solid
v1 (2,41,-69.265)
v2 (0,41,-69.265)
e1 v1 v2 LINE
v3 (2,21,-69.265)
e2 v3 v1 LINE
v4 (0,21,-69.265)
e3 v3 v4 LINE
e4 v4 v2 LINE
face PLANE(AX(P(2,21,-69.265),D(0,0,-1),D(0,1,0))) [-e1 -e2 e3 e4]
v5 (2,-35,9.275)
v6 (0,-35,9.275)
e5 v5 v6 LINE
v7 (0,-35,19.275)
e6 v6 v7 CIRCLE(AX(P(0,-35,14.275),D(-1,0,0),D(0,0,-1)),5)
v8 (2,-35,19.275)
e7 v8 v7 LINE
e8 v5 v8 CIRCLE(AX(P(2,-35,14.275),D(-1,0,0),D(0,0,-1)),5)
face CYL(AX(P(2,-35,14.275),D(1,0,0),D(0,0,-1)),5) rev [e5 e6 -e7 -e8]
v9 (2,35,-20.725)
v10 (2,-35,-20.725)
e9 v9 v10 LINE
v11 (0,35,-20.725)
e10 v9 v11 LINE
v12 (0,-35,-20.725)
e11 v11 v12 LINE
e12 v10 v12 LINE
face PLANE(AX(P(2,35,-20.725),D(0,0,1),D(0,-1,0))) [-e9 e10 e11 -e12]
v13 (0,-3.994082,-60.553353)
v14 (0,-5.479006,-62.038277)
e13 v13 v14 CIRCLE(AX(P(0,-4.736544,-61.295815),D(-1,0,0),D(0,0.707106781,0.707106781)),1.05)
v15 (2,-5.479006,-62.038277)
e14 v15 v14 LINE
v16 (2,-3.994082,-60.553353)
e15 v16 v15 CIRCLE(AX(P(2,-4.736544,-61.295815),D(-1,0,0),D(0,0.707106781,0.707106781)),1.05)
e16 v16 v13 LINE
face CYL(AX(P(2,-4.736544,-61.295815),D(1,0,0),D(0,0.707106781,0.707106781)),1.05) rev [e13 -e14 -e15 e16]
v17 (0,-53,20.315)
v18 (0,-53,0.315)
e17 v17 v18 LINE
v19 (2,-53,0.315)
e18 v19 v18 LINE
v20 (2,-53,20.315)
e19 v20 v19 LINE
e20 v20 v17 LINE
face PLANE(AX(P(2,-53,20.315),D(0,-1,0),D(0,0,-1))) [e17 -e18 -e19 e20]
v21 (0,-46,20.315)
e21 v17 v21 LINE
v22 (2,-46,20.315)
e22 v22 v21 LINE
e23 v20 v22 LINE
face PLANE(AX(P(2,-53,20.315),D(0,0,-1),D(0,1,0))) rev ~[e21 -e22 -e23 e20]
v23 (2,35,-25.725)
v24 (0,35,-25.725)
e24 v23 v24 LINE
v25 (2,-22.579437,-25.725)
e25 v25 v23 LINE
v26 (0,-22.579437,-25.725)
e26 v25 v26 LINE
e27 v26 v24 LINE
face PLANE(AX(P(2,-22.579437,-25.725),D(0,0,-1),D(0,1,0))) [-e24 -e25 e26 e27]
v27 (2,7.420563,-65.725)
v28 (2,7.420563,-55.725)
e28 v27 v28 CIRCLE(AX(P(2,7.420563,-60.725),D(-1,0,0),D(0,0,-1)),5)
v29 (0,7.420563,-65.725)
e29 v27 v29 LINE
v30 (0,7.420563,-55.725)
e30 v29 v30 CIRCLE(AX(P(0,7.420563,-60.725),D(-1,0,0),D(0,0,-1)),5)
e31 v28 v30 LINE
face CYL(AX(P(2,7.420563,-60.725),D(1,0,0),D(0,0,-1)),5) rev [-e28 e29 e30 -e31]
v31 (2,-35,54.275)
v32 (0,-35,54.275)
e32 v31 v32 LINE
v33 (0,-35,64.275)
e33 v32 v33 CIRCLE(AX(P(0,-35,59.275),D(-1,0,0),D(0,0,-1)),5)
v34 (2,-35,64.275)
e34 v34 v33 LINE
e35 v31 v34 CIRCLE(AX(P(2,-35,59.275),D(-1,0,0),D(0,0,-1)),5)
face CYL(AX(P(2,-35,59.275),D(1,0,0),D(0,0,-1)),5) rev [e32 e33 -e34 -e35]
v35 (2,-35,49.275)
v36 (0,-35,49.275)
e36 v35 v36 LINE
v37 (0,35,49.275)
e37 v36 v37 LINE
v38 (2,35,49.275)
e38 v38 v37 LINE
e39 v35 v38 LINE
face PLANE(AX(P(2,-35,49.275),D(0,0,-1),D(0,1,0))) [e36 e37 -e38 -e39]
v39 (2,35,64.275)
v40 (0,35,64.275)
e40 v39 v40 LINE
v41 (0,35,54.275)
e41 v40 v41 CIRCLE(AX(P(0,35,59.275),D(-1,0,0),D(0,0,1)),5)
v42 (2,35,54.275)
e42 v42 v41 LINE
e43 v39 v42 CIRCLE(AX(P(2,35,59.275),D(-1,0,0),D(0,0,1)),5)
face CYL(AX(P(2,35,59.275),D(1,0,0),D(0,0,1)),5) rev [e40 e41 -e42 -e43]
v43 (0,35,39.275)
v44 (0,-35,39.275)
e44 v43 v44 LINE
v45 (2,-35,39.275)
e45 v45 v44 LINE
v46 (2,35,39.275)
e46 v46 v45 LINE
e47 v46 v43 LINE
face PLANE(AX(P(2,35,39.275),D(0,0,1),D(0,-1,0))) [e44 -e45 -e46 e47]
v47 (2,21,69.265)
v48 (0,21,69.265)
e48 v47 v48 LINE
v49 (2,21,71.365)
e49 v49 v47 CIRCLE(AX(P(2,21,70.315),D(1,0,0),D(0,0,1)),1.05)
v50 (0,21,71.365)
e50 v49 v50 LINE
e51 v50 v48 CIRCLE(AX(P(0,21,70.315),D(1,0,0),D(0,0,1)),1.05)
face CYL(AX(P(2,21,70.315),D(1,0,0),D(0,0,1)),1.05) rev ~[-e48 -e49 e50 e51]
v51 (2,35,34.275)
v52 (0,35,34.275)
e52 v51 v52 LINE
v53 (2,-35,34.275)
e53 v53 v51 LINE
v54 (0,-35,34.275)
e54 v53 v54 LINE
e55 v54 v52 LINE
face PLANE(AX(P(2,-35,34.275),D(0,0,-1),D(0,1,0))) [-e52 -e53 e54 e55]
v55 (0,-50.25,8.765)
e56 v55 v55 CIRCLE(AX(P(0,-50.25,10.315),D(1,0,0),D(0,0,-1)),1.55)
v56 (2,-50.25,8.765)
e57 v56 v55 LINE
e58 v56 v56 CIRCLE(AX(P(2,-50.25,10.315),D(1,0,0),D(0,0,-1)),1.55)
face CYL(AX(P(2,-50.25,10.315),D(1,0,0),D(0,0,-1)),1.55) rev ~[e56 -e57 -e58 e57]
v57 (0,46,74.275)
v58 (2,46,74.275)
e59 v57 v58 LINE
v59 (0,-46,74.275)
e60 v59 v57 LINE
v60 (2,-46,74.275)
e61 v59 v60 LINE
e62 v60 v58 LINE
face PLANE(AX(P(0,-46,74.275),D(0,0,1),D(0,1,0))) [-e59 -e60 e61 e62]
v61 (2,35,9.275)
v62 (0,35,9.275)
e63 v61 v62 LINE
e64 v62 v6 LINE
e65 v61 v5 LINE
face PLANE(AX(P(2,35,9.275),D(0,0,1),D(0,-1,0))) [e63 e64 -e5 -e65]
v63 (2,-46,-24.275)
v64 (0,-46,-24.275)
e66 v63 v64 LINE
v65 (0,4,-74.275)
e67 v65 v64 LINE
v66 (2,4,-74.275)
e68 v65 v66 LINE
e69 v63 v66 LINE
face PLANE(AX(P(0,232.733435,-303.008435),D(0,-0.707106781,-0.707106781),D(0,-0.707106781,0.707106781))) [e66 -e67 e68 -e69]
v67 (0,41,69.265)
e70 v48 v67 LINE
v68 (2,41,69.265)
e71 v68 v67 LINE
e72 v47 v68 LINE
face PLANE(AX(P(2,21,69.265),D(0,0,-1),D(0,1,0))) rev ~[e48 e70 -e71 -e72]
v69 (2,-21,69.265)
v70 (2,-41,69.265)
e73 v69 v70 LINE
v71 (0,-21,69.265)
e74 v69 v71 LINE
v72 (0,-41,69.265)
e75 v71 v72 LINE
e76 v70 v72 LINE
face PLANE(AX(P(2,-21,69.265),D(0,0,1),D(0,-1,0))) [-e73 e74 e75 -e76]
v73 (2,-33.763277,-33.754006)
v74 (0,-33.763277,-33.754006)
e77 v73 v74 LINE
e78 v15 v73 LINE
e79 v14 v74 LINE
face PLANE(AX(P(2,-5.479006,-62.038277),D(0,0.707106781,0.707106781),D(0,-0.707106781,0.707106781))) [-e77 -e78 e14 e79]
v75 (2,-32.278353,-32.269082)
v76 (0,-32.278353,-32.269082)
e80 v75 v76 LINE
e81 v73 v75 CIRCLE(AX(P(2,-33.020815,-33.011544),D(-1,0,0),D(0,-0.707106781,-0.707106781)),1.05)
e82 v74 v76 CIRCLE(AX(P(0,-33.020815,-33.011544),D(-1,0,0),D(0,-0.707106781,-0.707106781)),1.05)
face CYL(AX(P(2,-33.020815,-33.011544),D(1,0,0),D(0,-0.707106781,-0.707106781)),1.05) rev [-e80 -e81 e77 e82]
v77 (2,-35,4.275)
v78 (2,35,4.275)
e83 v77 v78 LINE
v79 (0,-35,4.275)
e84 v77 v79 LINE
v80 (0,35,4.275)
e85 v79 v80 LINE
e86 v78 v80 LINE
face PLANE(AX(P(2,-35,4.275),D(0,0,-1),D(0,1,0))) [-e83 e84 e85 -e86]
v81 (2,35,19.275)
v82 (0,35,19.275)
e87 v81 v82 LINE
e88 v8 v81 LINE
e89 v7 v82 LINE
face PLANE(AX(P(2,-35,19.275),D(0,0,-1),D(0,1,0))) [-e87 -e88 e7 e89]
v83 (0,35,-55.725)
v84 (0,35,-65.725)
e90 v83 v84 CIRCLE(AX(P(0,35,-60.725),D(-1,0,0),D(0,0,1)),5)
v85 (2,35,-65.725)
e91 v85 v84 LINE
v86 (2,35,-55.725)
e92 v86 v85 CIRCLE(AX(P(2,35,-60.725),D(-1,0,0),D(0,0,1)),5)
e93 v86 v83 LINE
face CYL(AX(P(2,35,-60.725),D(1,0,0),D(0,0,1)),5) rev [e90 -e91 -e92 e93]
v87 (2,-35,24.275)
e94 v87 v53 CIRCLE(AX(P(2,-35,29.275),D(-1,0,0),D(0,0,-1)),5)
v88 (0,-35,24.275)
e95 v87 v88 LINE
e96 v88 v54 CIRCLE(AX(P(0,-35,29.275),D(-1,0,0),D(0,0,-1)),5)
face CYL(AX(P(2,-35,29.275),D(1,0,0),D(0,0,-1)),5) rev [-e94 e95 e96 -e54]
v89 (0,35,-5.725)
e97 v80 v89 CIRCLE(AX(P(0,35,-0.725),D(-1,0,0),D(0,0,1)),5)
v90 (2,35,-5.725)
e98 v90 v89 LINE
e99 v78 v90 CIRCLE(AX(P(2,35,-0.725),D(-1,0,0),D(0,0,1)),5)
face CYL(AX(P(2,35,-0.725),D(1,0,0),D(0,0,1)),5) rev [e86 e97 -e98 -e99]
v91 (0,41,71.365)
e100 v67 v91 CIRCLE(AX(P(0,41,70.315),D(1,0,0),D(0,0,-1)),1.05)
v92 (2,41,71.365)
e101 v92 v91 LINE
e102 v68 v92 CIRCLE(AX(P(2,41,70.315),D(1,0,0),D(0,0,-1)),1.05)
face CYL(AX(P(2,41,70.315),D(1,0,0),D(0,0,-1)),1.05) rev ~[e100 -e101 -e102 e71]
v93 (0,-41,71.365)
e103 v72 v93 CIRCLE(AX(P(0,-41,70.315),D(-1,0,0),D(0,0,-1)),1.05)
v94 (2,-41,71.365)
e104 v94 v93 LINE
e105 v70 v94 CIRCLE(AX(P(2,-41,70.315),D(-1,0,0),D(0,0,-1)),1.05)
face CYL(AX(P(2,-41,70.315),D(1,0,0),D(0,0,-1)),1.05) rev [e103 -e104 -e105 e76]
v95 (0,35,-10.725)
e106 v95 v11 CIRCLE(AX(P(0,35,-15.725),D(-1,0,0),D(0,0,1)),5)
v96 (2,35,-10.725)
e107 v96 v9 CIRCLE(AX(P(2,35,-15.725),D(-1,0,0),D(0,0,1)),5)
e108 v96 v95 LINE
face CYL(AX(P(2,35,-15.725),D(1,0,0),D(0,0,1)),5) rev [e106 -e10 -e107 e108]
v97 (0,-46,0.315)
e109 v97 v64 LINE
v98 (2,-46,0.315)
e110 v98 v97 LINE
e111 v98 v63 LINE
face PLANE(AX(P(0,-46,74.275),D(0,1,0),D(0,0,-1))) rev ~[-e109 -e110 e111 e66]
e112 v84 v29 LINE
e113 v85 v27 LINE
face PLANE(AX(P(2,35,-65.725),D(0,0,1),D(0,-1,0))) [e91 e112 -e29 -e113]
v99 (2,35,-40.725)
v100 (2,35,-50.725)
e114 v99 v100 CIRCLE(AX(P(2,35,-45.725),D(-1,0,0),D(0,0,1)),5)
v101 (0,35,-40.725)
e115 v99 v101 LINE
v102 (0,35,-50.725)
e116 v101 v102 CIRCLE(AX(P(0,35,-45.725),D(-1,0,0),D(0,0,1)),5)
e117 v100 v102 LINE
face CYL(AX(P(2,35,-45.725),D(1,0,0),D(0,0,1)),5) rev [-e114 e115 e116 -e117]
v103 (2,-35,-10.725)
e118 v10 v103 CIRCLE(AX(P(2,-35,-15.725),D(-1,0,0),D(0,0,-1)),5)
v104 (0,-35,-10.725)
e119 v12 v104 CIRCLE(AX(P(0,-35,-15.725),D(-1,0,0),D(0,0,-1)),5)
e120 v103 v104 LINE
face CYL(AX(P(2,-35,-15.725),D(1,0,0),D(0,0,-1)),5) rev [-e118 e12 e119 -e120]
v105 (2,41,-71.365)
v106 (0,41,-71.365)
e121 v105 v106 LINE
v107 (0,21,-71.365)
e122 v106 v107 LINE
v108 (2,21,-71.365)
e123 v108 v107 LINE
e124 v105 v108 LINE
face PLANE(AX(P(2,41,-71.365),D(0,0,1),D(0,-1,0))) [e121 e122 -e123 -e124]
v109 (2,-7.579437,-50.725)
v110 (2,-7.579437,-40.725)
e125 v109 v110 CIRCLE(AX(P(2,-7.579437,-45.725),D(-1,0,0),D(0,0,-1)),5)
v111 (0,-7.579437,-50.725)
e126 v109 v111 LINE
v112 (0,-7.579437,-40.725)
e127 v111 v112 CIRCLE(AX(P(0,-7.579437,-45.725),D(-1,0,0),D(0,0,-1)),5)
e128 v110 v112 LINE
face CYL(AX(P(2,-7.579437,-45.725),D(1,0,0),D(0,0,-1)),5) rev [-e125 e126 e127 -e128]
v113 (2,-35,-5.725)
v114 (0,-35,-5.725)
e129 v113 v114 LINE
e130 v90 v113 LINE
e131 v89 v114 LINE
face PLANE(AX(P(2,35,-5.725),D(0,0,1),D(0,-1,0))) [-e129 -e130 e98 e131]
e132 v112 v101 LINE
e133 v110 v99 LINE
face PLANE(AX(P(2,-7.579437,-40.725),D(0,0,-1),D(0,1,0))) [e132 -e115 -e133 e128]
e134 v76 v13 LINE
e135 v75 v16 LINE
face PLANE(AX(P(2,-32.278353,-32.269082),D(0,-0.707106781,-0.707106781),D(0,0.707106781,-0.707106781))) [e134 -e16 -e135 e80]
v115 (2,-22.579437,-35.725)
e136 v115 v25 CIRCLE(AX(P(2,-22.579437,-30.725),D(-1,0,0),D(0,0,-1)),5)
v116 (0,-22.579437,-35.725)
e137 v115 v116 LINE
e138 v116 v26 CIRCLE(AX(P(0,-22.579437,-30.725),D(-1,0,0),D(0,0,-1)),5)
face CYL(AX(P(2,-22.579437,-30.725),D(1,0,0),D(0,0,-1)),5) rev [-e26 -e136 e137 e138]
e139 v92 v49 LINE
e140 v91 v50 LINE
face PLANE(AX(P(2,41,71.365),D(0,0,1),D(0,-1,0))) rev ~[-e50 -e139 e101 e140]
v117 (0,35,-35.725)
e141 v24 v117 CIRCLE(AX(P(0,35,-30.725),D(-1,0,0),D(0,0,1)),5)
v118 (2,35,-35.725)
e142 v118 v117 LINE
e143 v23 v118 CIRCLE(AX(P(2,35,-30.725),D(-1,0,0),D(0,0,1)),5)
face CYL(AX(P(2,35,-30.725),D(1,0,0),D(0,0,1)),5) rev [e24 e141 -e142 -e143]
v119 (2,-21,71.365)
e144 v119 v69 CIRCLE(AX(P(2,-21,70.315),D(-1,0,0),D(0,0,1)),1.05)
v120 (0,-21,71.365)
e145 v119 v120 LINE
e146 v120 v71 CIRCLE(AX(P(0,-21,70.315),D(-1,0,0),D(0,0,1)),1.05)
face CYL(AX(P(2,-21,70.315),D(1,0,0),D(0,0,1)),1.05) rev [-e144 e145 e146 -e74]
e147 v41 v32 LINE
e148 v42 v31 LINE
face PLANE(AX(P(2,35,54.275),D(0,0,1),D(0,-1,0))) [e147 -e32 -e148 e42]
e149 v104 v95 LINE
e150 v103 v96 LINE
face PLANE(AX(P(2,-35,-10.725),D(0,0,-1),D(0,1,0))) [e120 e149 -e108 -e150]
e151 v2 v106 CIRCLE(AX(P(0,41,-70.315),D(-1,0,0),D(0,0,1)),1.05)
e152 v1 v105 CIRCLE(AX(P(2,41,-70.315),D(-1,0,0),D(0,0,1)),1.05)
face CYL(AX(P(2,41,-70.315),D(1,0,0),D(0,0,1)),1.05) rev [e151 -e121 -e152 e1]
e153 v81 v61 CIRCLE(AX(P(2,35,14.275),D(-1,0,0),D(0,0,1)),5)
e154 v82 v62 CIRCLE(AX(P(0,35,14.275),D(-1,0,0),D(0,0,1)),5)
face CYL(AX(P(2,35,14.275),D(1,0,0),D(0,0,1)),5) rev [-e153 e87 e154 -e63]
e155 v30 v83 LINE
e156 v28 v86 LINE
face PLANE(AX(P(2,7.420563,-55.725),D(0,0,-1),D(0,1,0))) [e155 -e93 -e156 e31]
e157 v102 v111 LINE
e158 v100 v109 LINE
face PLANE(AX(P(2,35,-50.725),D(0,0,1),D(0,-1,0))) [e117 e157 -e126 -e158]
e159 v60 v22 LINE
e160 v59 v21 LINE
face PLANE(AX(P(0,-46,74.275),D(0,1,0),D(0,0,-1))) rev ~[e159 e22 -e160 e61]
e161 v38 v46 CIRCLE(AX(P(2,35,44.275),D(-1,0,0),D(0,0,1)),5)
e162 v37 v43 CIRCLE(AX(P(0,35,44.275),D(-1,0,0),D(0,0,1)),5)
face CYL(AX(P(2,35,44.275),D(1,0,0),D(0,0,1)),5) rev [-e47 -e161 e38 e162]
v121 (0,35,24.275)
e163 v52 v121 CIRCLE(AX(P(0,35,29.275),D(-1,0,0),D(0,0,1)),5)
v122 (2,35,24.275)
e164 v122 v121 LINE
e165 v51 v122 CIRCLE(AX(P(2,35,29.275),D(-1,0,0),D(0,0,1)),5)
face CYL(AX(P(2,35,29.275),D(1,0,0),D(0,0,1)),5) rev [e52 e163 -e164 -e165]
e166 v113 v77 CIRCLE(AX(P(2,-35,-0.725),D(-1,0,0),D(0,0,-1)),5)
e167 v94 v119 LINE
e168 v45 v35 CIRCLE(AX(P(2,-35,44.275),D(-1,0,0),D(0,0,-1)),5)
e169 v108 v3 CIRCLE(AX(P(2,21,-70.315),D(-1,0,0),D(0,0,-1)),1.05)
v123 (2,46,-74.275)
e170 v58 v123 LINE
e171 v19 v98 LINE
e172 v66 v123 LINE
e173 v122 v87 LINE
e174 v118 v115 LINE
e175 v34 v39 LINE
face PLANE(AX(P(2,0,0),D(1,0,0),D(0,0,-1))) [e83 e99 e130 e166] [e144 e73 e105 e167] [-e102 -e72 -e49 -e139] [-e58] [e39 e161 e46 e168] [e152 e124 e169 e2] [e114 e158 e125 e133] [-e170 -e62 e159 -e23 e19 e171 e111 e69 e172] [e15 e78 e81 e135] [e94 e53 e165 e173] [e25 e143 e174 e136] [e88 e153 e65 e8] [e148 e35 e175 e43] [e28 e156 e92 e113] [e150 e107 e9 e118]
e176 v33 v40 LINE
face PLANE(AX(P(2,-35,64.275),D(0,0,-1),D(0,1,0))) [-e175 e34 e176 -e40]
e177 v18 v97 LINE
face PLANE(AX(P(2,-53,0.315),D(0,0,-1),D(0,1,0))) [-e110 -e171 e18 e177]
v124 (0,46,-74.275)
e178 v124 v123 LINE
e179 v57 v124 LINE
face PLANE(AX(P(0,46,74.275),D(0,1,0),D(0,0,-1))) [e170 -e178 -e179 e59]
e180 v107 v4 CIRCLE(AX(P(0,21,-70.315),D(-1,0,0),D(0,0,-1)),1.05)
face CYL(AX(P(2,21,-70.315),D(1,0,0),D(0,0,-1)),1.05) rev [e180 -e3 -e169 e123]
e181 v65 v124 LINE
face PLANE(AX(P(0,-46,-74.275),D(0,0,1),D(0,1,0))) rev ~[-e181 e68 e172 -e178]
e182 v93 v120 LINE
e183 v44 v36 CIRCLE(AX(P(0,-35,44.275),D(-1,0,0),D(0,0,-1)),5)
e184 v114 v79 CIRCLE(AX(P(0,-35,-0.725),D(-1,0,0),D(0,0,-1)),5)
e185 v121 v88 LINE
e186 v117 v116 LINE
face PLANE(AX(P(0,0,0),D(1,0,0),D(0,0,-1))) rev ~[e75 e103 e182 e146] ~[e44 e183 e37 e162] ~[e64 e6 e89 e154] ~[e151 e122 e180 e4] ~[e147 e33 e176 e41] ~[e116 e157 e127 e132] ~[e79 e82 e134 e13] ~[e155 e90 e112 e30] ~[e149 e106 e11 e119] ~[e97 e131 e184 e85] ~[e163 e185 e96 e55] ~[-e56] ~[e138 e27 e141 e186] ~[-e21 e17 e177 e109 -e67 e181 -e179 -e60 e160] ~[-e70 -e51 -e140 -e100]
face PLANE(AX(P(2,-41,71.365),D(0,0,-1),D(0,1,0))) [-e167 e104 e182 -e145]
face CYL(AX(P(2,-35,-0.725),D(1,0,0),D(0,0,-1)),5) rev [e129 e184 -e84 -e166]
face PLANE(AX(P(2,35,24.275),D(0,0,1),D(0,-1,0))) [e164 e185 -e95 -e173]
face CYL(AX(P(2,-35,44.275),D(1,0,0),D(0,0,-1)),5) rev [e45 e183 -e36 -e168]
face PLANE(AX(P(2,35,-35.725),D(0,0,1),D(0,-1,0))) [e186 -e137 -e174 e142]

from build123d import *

# Parameters (mm, degrees)
SKETCH_2_W               = 148.55
SKETCH_2_H               = 92
EXTRUDE_1_DEPTH          = 2
CUT_EXTRUDE_1_DEPTH      = 88.388647003
CUT_EXTRUDE_1_DEPTH_BACK = 2
CUT_EXTRUDE_2_DEPTH      = 2
SKETCH_5_W               = 20
SKETCH_5_H               = 7
SKETCH_5_R               = 1.55
EXTRUDE_2_DEPTH          = 2
CUT_EXTRUDE_3_DEPTH      = 2
CUT_EXTRUDE_5_DEPTH      = 2


with BuildPart() as part:
    # 草图2 → 凸台-拉伸1 (new body)
    with BuildSketch(Plane(origin=(0, 0, 0), x_dir=(0, 0, -1), z_dir=(1, 0, 0))):
        Rectangle(SKETCH_2_W, SKETCH_2_H)
    extrude(amount=EXTRUDE_1_DEPTH)

    # 草图3 → 切除-拉伸1 (cut, two sides: drawn at the far end of the back side and taken through both)
    with BuildSketch(Plane(origin=(2, 0, 0), x_dir=(0, 0, -1), z_dir=(1, 0, 0)).offset(-CUT_EXTRUDE_1_DEPTH_BACK)):
        Polygon((-204.458434938, -274.733434938), (24.275, -46), (74.275, 4), (303.008434938, 232.733434938), (760.475304814, -224.733434938), (253.008434938, -732.200304814), align=None)
    extrude(amount=CUT_EXTRUDE_1_DEPTH + CUT_EXTRUDE_1_DEPTH_BACK, mode=Mode.SUBTRACT)

    # 草图4 → 切除-拉伸2 (cut)
    with BuildSketch(Plane(origin=(2, 0, 0), x_dir=(0, 0, -1), z_dir=(1, 0, 0))):
        with BuildLine():
            Line((-71.365, -41), (-71.365, -21))
            ThreePointArc((-71.365, -21), (-70.315, -19.95), (-69.265, -21))
            Line((-69.265, -21), (-69.265, -41))
            ThreePointArc((-69.265, -41), (-70.315, -42.05), (-71.365, -41))
        make_face()
        with BuildLine():
            Line((-71.365, 41), (-71.365, 21))
            ThreePointArc((-71.365, 21), (-70.315, 19.95), (-69.265, 21))
            Line((-69.265, 21), (-69.265, 41))
            ThreePointArc((-69.265, 41), (-70.315, 42.05), (-71.365, 41))
        make_face()
        with BuildLine():
            Line((71.365, 41), (71.365, 21))
            ThreePointArc((71.365, 21), (70.315, 19.95), (69.265, 21))
            Line((69.265, 21), (69.265, 41))
            ThreePointArc((69.265, 41), (70.315, 42.05), (71.365, 41))
        make_face()
    extrude(amount=-CUT_EXTRUDE_2_DEPTH, mode=Mode.SUBTRACT)

    # 草图5 → 凸台-拉伸2 (add)
    with BuildSketch(Plane(origin=(2, 0, 0), x_dir=(0, 0, -1), z_dir=(1, 0, 0))):
        with Locations((-10.315, -49.5)):
            Rectangle(SKETCH_5_W, SKETCH_5_H)
        with Locations((-10.315, -50.25)):
            Circle(SKETCH_5_R, mode=Mode.SUBTRACT)
    extrude(amount=-EXTRUDE_2_DEPTH)

    # 草图6 → 切除-拉伸3 (cut)
    with BuildSketch(Plane(origin=(2, 0, 0), x_dir=(0, 0, -1), z_dir=(1, 0, 0))):
        with BuildLine():
            Line((-64.275, -35), (-64.275, 35))
            ThreePointArc((-64.275, 35), (-59.275, 40), (-54.275, 35))
            Line((-54.275, 35), (-54.275, -35))
            ThreePointArc((-54.275, -35), (-59.275, -40), (-64.275, -35))
        make_face()
        with BuildLine():
            Line((-49.275, -35), (-49.275, 35))
            ThreePointArc((-49.275, 35), (-44.275, 40), (-39.275, 35))
            Line((-39.275, 35), (-39.275, -35))
            ThreePointArc((-39.275, -35), (-44.275, -40), (-49.275, -35))
        make_face()
        with BuildLine():
            Line((-34.275, -35), (-34.275, 35))
            ThreePointArc((-34.275, 35), (-29.275, 40), (-24.275, 35))
            Line((-24.275, 35), (-24.275, -35))
            ThreePointArc((-24.275, -35), (-29.275, -40), (-34.275, -35))
        make_face()
        with BuildLine():
            Line((-19.275, -35), (-19.275, 35))
            ThreePointArc((-19.275, 35), (-14.275, 40), (-9.275, 35))
            Line((-9.275, 35), (-9.275, -35))
            ThreePointArc((-9.275, -35), (-14.275, -40), (-19.275, -35))
        make_face()
        with BuildLine():
            Line((-4.275, -35), (-4.275, 35))
            ThreePointArc((-4.275, 35), (0.725, 40), (5.725, 35))
            Line((5.725, 35), (5.725, -35))
            ThreePointArc((5.725, -35), (0.725, -40), (-4.275, -35))
        make_face()
        with BuildLine():
            Line((10.725, -35), (10.725, 35))
            ThreePointArc((10.725, 35), (15.725, 40), (20.725, 35))
            Line((20.725, 35), (20.725, -35))
            ThreePointArc((20.725, -35), (15.725, -40), (10.725, -35))
        make_face()
        with BuildLine():
            Line((25.725, -22.579437252), (25.725, 35))
            ThreePointArc((25.725, 35), (30.725, 40), (35.725, 35))
            Line((35.725, 35), (35.725, -22.579437252))
            ThreePointArc((35.725, -22.579437252), (30.725, -27.579437252), (25.725, -22.579437252))
        make_face()
        with BuildLine():
            Line((40.725, -7.579437252), (40.725, 35))
            ThreePointArc((40.725, 35), (45.725, 40), (50.725, 35))
            Line((50.725, 35), (50.725, -7.579437252))
            ThreePointArc((50.725, -7.579437252), (45.725, -12.579437252), (40.725, -7.579437252))
        make_face()
        with BuildLine():
            Line((55.725, 7.420562748), (55.725, 35))
            ThreePointArc((55.725, 35), (60.725, 40), (65.725, 35))
            Line((65.725, 35), (65.725, 7.420562748))
            ThreePointArc((65.725, 7.420562748), (60.725, 2.420562748), (55.725, 7.420562748))
        make_face()
    extrude(amount=-CUT_EXTRUDE_3_DEPTH, mode=Mode.SUBTRACT)

    # 草图9 → 切除-拉伸5 (cut)
    with BuildSketch(Plane(origin=(2, 0, 0), x_dir=(0, 0, -1), z_dir=(1, 0, 0))):
        with BuildLine():
            Line((32.269081912, -32.27835316), (60.55335316, -3.994081912))
            ThreePointArc((60.55335316, -3.994081912), (62.0382774, -3.994081912), (62.0382774, -5.479006153))
            Line((62.0382774, -5.479006153), (33.754006153, -33.7632774))
            ThreePointArc((33.754006153, -33.7632774), (32.269081912, -33.7632774), (32.269081912, -32.27835316))
        make_face()
    extrude(amount=-CUT_EXTRUDE_5_DEPTH, mode=Mode.SUBTRACT)


solid = part.part
